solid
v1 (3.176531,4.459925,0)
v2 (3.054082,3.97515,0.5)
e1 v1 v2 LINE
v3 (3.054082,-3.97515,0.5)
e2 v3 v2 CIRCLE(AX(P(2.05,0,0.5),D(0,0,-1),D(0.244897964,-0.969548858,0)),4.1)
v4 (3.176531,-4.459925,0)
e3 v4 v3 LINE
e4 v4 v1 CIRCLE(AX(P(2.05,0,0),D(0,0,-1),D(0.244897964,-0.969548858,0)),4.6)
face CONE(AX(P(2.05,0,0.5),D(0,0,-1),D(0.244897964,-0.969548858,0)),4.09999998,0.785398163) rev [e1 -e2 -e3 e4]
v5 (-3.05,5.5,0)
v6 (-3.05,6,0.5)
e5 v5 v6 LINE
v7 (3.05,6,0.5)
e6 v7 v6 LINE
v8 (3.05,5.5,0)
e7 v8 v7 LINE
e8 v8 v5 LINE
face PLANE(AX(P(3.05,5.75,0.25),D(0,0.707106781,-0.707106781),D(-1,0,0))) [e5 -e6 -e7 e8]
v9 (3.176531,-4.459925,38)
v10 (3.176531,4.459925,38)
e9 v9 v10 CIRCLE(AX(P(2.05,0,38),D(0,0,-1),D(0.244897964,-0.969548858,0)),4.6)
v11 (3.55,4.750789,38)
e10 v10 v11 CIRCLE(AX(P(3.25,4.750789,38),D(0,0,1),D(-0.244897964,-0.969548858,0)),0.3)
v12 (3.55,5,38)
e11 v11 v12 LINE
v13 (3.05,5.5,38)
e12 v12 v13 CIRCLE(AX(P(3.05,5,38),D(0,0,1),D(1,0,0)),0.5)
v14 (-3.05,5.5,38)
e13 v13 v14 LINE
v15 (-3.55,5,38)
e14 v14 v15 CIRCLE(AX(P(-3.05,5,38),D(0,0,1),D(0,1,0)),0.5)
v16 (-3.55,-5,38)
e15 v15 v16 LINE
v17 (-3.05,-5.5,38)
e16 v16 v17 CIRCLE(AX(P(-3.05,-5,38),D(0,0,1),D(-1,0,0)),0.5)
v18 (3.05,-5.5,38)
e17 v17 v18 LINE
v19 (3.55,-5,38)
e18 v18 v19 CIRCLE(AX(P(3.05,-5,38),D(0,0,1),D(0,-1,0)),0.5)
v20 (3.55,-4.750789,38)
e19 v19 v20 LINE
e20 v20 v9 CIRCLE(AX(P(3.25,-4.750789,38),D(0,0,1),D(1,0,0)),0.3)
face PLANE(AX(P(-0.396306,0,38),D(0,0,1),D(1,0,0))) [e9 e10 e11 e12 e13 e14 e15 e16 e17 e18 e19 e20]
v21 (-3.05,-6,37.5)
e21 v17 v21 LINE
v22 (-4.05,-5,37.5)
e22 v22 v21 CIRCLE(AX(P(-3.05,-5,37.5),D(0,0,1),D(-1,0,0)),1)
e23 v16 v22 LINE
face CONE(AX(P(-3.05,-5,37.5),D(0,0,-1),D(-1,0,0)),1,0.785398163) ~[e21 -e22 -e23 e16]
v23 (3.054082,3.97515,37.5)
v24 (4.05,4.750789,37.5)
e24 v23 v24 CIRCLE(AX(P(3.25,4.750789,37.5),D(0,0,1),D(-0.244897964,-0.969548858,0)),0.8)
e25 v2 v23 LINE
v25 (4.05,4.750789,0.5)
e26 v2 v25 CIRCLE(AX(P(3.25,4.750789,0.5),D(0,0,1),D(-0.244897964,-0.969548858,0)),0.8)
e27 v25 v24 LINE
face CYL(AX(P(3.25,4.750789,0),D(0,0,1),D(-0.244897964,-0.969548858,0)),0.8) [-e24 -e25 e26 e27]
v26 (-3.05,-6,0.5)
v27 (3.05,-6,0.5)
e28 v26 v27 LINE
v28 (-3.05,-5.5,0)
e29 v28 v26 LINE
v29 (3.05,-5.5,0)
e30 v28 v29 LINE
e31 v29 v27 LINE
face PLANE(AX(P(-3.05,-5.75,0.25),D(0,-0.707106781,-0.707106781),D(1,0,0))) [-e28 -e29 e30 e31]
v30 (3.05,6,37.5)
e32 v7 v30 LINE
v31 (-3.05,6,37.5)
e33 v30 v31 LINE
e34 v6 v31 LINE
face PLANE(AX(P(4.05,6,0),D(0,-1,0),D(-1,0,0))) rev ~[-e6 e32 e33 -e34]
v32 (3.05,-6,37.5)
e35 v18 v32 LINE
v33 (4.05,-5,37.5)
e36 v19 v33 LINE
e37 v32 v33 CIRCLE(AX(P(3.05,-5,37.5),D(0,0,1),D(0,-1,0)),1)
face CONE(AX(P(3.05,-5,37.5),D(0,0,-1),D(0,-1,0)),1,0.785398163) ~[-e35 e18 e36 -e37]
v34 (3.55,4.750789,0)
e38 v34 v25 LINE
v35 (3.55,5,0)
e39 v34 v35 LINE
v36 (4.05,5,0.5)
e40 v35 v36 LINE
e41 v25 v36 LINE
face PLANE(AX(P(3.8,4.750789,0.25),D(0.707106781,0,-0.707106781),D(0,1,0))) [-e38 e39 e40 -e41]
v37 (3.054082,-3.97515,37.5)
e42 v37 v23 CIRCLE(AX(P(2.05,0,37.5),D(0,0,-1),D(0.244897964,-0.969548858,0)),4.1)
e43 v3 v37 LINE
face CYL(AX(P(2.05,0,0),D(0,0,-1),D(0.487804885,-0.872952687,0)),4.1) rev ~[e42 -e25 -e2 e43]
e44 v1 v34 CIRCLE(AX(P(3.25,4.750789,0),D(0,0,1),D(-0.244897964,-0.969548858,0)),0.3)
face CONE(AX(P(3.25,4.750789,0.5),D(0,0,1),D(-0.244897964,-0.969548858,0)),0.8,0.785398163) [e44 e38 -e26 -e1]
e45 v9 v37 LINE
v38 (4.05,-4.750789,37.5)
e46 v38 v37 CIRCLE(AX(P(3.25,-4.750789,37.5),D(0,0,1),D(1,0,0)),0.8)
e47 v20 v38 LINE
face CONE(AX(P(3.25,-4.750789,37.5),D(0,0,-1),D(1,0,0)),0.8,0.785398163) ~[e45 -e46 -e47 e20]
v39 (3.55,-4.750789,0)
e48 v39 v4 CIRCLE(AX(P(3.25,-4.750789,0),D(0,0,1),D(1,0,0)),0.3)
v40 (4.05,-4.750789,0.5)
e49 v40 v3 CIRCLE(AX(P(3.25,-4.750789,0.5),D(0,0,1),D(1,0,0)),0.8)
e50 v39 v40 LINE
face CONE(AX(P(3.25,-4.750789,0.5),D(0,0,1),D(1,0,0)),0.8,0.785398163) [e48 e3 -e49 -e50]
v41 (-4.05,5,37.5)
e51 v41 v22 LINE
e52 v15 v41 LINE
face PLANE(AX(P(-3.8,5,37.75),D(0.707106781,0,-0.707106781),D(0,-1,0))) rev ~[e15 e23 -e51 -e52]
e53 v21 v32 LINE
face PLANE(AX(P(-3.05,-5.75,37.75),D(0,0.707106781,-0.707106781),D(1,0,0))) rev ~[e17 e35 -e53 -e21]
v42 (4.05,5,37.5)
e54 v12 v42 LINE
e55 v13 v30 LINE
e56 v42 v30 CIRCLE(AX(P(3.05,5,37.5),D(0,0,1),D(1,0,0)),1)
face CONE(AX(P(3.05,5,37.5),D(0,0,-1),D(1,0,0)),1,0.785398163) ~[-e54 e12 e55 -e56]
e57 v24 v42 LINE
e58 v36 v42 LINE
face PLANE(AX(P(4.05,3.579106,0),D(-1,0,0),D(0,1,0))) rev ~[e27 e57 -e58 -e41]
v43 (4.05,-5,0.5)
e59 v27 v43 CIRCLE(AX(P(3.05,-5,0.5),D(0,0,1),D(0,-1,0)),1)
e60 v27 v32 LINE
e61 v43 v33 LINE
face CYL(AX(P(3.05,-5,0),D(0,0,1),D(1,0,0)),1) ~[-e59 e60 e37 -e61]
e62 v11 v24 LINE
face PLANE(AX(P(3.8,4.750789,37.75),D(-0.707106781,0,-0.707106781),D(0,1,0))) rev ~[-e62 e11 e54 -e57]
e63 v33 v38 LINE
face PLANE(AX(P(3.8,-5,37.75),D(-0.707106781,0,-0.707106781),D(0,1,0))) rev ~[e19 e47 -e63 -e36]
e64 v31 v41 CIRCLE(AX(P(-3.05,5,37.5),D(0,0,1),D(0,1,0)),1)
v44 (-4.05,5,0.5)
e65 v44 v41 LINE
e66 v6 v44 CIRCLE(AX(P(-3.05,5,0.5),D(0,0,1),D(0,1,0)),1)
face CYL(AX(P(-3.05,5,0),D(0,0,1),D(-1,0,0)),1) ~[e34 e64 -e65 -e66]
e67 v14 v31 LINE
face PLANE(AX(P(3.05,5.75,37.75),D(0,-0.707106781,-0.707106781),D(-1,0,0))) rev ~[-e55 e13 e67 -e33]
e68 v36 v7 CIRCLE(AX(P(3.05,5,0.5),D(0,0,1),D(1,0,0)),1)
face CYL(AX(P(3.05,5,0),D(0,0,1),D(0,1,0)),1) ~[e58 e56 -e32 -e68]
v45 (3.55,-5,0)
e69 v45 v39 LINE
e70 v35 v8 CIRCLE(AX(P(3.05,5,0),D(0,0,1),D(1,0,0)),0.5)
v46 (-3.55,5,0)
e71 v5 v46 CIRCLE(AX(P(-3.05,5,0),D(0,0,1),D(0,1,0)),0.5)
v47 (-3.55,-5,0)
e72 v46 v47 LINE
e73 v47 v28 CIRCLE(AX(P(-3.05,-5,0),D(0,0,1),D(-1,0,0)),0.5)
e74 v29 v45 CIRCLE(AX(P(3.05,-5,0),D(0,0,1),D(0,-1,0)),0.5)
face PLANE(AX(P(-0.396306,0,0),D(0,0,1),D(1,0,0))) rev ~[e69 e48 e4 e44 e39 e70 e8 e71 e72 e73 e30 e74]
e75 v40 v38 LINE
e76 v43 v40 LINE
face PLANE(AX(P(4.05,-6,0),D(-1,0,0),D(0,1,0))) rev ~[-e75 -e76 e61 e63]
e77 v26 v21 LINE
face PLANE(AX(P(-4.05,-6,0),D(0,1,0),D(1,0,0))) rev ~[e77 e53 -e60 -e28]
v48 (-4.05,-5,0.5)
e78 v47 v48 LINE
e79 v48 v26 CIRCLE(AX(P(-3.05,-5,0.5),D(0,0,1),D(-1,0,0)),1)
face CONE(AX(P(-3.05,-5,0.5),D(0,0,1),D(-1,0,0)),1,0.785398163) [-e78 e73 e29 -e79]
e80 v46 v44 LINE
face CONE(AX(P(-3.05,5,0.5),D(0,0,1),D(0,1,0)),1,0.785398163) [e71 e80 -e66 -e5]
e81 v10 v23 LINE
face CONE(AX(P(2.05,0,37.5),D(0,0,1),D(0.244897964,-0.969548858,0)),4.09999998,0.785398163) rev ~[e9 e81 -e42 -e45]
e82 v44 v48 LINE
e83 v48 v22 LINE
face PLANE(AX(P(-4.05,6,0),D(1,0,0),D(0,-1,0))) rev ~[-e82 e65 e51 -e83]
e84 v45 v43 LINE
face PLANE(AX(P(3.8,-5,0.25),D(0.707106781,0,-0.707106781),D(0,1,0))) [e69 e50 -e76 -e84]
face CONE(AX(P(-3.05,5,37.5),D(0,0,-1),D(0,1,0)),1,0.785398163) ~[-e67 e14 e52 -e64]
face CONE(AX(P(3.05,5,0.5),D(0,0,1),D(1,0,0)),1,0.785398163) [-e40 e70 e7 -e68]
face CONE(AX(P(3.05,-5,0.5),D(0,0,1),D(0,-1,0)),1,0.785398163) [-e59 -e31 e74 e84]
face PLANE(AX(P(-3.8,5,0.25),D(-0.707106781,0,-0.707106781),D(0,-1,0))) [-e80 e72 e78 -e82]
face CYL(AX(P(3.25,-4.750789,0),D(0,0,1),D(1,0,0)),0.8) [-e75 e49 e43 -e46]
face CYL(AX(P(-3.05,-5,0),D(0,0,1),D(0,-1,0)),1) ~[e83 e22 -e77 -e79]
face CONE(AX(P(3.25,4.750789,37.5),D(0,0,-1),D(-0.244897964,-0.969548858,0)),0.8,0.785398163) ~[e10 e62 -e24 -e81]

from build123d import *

# Parameters (mm, degrees)
F1_DEPTH = 38
F2_R     = 0.8
F3_R     = 1
F4_SIZE  = 0.5


with BuildPart() as f1:
    # F0 (on Top) → F1 (new body)
    with BuildSketch(Plane.XY):
        with BuildLine():
            Line((-4.05, -6), (4.05, -6))
            Line((4.05, -6), (4.05, -3.579106))
            ThreePointArc((4.05, -3.579106), (-2.05, 0), (4.05, 3.579106))
            Line((4.05, 3.579106), (4.05, 6))
            Line((4.05, 6), (-4.05, 6))
            Line((-4.05, 6), (-4.05, -6))
        make_face()
    extrude(amount=F1_DEPTH)

    # F2
    f2_edges = [f1.edges().sort_by_distance(p)[0] for p in [
        (4.05, 3.579106, 19),
        (4.05, -3.579106, 19),
    ]]
    fillet(f2_edges, radius=F2_R)

    # F3
    f3_edges = [f1.edges().sort_by_distance(p)[0] for p in [
        (4.05, 6, 19),
        (4.05, -6, 19),
        (-4.05, -6, 19),
        (-4.05, 6, 19),
    ]]
    fillet(f3_edges, radius=F3_R)

    # F4
    f4_edges = [f1.edges().sort_by_distance(p)[0] for p in [
        (-2.05, 0, 38),
        (-2.05, 0, 0),
    ]]
    chamfer(f4_edges, length=F4_SIZE)


solid = f1.part
